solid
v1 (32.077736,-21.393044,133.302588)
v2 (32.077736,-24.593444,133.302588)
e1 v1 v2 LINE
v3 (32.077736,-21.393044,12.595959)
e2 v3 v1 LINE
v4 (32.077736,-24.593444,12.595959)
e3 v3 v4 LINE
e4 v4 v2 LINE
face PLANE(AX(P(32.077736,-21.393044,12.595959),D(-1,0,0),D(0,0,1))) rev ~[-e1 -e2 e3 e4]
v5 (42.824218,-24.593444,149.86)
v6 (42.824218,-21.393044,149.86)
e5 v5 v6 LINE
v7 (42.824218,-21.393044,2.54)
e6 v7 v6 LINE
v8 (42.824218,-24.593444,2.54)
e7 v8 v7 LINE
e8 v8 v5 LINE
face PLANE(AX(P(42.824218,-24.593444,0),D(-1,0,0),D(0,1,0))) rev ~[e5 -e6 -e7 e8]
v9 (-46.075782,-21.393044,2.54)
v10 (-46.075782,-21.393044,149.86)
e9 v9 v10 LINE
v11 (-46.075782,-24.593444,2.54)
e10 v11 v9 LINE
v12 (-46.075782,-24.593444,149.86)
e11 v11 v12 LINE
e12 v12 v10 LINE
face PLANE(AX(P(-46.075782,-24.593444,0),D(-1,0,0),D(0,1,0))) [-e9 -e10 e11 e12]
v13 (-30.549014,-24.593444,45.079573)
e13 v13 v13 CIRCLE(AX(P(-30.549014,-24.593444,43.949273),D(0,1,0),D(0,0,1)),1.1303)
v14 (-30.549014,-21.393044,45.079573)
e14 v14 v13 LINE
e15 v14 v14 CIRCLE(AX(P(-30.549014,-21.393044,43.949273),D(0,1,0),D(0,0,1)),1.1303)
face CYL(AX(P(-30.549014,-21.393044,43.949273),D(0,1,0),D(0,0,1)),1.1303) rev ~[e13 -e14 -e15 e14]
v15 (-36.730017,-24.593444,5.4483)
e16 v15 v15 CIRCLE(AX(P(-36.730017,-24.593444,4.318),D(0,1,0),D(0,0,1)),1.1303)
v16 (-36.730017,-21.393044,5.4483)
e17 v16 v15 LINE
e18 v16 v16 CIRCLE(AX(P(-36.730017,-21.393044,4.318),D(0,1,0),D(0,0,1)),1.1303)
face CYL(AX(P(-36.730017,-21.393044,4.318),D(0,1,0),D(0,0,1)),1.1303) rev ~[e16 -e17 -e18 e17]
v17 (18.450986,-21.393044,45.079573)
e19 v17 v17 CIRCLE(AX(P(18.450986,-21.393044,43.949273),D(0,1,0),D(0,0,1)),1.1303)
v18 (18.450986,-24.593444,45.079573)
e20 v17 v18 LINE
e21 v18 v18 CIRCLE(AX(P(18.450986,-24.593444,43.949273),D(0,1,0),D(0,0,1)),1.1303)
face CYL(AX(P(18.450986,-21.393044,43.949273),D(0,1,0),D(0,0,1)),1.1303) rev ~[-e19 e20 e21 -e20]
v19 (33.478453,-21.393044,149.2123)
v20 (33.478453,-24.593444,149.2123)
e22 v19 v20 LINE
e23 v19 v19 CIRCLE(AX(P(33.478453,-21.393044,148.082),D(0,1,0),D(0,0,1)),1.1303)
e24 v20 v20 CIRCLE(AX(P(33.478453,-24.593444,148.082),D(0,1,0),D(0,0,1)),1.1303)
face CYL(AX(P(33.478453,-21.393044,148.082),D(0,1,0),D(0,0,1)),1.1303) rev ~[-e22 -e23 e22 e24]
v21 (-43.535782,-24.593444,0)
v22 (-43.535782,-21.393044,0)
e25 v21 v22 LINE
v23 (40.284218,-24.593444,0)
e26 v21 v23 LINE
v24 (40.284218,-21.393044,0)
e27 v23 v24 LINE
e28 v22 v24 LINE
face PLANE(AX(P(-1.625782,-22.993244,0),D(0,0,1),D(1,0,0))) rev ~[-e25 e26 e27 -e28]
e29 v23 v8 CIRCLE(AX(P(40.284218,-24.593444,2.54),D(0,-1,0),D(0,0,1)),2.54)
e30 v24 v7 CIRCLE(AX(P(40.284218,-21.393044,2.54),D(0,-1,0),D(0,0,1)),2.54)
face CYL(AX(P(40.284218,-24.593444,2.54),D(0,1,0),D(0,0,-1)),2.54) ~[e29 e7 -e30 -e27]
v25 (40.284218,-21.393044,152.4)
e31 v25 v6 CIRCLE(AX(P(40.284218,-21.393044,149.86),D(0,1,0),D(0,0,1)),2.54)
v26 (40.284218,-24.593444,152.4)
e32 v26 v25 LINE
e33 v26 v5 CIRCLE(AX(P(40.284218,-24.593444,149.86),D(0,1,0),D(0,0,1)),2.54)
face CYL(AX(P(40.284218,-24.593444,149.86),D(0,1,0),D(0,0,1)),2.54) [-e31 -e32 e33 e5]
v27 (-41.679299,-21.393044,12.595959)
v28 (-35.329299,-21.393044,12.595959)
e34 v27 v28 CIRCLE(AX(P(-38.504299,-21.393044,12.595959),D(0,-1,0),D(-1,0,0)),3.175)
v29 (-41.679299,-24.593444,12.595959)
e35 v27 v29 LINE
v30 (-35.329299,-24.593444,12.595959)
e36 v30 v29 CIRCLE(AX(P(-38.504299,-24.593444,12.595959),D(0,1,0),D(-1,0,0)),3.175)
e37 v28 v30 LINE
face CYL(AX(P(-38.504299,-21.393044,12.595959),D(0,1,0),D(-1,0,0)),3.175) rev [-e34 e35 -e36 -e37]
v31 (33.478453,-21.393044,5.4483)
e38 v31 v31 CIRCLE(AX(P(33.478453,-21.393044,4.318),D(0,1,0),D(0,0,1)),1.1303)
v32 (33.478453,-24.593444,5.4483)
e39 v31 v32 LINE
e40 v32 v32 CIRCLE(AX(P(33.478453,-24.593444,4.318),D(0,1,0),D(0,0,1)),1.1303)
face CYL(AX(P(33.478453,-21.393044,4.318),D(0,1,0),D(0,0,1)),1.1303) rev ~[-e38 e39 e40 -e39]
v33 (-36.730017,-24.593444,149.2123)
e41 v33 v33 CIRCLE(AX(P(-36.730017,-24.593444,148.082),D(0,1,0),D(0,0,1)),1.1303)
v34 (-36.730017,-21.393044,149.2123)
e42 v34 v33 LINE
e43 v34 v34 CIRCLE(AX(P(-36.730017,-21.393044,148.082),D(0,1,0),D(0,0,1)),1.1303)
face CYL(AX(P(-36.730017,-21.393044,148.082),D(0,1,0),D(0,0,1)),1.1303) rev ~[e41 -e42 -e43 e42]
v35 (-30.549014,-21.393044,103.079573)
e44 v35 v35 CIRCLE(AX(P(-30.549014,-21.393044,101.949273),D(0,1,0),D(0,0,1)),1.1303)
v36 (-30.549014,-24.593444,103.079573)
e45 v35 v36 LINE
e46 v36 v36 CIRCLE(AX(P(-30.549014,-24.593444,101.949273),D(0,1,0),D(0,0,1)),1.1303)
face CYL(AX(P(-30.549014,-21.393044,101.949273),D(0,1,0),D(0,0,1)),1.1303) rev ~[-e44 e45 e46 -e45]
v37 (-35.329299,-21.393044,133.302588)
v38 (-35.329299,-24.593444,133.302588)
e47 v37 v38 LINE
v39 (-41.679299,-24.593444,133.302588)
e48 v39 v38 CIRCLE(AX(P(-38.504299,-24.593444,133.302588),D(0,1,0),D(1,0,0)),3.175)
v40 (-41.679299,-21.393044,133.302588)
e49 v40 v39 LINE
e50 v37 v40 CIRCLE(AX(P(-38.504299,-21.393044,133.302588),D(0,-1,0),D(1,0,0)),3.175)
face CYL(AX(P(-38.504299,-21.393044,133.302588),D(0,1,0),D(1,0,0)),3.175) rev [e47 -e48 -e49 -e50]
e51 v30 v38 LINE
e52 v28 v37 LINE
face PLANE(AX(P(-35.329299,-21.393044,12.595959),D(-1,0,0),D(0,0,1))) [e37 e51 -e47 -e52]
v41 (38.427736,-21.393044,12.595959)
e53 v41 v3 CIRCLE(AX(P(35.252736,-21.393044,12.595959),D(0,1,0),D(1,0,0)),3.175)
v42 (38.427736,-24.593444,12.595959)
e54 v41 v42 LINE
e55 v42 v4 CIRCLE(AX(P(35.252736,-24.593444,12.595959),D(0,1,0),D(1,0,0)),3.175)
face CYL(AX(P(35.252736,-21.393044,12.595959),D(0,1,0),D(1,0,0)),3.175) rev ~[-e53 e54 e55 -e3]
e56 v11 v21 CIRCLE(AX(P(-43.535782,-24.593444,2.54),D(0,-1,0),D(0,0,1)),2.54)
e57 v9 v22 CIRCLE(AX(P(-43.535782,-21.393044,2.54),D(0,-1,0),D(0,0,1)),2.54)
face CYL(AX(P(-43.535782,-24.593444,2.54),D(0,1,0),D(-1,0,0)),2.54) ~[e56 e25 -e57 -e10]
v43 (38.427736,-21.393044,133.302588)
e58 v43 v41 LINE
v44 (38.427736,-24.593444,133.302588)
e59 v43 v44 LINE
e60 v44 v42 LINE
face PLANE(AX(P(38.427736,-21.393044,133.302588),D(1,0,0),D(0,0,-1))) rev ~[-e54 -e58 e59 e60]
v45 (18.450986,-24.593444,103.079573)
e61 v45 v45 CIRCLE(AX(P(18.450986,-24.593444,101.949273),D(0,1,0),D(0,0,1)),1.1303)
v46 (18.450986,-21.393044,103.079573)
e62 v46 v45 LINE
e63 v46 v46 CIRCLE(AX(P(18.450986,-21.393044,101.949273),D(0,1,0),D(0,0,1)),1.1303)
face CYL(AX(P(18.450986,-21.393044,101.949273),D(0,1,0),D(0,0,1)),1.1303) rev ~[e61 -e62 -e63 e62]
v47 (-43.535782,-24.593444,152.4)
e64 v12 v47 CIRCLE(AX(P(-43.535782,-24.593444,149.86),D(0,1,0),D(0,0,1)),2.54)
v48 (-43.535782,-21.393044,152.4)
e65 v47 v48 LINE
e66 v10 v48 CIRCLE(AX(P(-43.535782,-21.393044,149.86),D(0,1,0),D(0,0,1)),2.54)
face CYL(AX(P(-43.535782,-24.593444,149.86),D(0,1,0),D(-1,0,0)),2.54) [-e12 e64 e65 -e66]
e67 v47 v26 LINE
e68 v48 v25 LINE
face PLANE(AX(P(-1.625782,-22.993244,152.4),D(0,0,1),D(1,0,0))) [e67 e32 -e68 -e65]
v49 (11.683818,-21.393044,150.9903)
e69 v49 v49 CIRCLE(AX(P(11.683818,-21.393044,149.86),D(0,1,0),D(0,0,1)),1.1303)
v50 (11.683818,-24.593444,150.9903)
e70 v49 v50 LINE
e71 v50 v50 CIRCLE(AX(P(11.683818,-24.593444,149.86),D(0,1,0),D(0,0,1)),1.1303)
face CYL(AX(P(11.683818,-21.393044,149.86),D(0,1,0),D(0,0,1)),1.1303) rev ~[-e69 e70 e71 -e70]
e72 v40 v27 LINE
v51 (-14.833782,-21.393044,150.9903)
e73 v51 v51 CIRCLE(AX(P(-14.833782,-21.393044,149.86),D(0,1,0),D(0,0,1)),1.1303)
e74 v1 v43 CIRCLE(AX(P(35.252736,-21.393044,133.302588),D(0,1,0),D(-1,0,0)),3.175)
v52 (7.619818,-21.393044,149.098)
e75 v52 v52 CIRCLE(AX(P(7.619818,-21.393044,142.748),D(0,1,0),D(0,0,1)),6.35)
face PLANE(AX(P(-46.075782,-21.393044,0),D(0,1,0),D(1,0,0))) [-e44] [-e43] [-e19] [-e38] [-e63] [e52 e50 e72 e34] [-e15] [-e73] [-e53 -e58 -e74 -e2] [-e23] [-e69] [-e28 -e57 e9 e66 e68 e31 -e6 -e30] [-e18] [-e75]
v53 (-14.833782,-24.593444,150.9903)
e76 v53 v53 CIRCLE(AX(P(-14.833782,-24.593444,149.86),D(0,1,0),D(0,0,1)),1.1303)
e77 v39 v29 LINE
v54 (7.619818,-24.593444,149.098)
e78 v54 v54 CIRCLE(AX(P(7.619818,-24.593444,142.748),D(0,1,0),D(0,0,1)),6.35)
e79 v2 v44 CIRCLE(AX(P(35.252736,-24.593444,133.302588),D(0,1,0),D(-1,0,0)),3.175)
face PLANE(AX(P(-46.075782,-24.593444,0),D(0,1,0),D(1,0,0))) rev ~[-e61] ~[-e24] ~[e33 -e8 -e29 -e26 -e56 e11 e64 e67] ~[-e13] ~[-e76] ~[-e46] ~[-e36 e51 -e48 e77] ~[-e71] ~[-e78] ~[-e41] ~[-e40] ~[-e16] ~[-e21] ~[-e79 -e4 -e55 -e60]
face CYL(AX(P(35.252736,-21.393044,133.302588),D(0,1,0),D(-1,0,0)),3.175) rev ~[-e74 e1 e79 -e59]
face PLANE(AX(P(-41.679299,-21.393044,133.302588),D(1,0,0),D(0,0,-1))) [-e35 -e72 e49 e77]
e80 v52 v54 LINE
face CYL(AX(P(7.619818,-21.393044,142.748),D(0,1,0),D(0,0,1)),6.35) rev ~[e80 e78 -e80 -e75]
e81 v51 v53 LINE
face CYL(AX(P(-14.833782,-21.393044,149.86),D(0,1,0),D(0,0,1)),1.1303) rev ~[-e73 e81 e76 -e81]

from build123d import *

# Parameters (mm, degrees)
SKETCH2_W           = 88.9
SKETCH2_H           = 3.2004
BOSS_EXTRUDE1_DEPTH = 152.4
SKETCH3_R           = 1.1303
SKETCH3_R_2         = 6.35
CUT_EXTRUDE1_DEPTH  = 160.245032004
FILLET2_R           = 2.54


with BuildPart() as part:
    # Sketch2 → Boss-Extrude1 (new body)
    with BuildSketch(Plane.XY):
        with Locations((-1.625781684, -22.993244248)):
            Rectangle(SKETCH2_W, SKETCH2_H)
    extrude(amount=BOSS_EXTRUDE1_DEPTH)

    # Sketch3 → Cut-Extrude1 (cut, through all)
    with BuildSketch(Plane(origin=(0, -21.393044248, 0), x_dir=(-1, 0, 0), z_dir=(0, 1, 0))):
        with Locations(Location((14.833781684, 149.86, 0), (0, 0, 90))):
            Circle(SKETCH3_R)
        with Locations(Location((-11.683818316, 149.86, 0), (0, 0, 90))):
            Circle(SKETCH3_R)
        with Locations(Location((-7.619818316, 142.748, 0), (0, 0, 90))):
            Circle(SKETCH3_R_2)
        with Locations(Location((-33.478453416, 148.082, 0), (0, 0, 90))):
            Circle(SKETCH3_R)
        with Locations(Location((36.730016784, 148.082, 0), (0, 0, 90))):
            Circle(SKETCH3_R)
        with Locations(Location((-33.478453416, 4.318, 0), (0, 0, 90))):
            Circle(SKETCH3_R)
        with Locations(Location((36.730016784, 4.318, 0), (0, 0, 90))):
            Circle(SKETCH3_R)
        with Locations(Location((-18.450986138, 43.949273109, 0), (0, 0, 90))):
            Circle(SKETCH3_R)
        with Locations(Location((-18.450986138, 101.949273109, 0), (0, 0, 90))):
            Circle(SKETCH3_R)
        with Locations(Location((30.549013862, 101.949273109, 0), (0, 0, 90))):
            Circle(SKETCH3_R)
        with Locations(Location((30.549013862, 43.949273109, 0), (0, 0, 90))):
            Circle(SKETCH3_R)
        with BuildLine():
            Line((35.32929924, 12.595958552), (35.32929924, 133.302587666))
            ThreePointArc((35.32929924, 133.302587666), (38.50429924, 136.477587666), (41.67929924, 133.302587666))
            Line((41.67929924, 133.302587666), (41.67929924, 12.595958552))
            ThreePointArc((41.67929924, 12.595958552), (38.50429924, 9.420958552), (35.32929924, 12.595958552))
        make_face()
        with BuildLine():
            Line((-32.077735872, 12.595958552), (-32.077735872, 133.302587666))
            ThreePointArc((-32.077735872, 133.302587666), (-35.252735872, 136.477587666), (-38.427735872, 133.302587666))
            Line((-38.427735872, 133.302587666), (-38.427735872, 12.595958552))
            ThreePointArc((-38.427735872, 12.595958552), (-35.252735872, 9.420958552), (-32.077735872, 12.595958552))
        make_face()
    extrude(amount=-CUT_EXTRUDE1_DEPTH, mode=Mode.SUBTRACT)

    # Fillet2
    fillet2_edges = [part.edges().sort_by_distance(p)[0] for p in [
        (42.824218316, -22.993244248, 152.4),
        (-46.075781684, -22.993244248, 152.4),
        (42.824218316, -22.993244248, 0),
        (-46.075781684, -22.993244248, 0),
    ]]
    fillet(fillet2_edges, radius=FILLET2_R)


solid = part.part
